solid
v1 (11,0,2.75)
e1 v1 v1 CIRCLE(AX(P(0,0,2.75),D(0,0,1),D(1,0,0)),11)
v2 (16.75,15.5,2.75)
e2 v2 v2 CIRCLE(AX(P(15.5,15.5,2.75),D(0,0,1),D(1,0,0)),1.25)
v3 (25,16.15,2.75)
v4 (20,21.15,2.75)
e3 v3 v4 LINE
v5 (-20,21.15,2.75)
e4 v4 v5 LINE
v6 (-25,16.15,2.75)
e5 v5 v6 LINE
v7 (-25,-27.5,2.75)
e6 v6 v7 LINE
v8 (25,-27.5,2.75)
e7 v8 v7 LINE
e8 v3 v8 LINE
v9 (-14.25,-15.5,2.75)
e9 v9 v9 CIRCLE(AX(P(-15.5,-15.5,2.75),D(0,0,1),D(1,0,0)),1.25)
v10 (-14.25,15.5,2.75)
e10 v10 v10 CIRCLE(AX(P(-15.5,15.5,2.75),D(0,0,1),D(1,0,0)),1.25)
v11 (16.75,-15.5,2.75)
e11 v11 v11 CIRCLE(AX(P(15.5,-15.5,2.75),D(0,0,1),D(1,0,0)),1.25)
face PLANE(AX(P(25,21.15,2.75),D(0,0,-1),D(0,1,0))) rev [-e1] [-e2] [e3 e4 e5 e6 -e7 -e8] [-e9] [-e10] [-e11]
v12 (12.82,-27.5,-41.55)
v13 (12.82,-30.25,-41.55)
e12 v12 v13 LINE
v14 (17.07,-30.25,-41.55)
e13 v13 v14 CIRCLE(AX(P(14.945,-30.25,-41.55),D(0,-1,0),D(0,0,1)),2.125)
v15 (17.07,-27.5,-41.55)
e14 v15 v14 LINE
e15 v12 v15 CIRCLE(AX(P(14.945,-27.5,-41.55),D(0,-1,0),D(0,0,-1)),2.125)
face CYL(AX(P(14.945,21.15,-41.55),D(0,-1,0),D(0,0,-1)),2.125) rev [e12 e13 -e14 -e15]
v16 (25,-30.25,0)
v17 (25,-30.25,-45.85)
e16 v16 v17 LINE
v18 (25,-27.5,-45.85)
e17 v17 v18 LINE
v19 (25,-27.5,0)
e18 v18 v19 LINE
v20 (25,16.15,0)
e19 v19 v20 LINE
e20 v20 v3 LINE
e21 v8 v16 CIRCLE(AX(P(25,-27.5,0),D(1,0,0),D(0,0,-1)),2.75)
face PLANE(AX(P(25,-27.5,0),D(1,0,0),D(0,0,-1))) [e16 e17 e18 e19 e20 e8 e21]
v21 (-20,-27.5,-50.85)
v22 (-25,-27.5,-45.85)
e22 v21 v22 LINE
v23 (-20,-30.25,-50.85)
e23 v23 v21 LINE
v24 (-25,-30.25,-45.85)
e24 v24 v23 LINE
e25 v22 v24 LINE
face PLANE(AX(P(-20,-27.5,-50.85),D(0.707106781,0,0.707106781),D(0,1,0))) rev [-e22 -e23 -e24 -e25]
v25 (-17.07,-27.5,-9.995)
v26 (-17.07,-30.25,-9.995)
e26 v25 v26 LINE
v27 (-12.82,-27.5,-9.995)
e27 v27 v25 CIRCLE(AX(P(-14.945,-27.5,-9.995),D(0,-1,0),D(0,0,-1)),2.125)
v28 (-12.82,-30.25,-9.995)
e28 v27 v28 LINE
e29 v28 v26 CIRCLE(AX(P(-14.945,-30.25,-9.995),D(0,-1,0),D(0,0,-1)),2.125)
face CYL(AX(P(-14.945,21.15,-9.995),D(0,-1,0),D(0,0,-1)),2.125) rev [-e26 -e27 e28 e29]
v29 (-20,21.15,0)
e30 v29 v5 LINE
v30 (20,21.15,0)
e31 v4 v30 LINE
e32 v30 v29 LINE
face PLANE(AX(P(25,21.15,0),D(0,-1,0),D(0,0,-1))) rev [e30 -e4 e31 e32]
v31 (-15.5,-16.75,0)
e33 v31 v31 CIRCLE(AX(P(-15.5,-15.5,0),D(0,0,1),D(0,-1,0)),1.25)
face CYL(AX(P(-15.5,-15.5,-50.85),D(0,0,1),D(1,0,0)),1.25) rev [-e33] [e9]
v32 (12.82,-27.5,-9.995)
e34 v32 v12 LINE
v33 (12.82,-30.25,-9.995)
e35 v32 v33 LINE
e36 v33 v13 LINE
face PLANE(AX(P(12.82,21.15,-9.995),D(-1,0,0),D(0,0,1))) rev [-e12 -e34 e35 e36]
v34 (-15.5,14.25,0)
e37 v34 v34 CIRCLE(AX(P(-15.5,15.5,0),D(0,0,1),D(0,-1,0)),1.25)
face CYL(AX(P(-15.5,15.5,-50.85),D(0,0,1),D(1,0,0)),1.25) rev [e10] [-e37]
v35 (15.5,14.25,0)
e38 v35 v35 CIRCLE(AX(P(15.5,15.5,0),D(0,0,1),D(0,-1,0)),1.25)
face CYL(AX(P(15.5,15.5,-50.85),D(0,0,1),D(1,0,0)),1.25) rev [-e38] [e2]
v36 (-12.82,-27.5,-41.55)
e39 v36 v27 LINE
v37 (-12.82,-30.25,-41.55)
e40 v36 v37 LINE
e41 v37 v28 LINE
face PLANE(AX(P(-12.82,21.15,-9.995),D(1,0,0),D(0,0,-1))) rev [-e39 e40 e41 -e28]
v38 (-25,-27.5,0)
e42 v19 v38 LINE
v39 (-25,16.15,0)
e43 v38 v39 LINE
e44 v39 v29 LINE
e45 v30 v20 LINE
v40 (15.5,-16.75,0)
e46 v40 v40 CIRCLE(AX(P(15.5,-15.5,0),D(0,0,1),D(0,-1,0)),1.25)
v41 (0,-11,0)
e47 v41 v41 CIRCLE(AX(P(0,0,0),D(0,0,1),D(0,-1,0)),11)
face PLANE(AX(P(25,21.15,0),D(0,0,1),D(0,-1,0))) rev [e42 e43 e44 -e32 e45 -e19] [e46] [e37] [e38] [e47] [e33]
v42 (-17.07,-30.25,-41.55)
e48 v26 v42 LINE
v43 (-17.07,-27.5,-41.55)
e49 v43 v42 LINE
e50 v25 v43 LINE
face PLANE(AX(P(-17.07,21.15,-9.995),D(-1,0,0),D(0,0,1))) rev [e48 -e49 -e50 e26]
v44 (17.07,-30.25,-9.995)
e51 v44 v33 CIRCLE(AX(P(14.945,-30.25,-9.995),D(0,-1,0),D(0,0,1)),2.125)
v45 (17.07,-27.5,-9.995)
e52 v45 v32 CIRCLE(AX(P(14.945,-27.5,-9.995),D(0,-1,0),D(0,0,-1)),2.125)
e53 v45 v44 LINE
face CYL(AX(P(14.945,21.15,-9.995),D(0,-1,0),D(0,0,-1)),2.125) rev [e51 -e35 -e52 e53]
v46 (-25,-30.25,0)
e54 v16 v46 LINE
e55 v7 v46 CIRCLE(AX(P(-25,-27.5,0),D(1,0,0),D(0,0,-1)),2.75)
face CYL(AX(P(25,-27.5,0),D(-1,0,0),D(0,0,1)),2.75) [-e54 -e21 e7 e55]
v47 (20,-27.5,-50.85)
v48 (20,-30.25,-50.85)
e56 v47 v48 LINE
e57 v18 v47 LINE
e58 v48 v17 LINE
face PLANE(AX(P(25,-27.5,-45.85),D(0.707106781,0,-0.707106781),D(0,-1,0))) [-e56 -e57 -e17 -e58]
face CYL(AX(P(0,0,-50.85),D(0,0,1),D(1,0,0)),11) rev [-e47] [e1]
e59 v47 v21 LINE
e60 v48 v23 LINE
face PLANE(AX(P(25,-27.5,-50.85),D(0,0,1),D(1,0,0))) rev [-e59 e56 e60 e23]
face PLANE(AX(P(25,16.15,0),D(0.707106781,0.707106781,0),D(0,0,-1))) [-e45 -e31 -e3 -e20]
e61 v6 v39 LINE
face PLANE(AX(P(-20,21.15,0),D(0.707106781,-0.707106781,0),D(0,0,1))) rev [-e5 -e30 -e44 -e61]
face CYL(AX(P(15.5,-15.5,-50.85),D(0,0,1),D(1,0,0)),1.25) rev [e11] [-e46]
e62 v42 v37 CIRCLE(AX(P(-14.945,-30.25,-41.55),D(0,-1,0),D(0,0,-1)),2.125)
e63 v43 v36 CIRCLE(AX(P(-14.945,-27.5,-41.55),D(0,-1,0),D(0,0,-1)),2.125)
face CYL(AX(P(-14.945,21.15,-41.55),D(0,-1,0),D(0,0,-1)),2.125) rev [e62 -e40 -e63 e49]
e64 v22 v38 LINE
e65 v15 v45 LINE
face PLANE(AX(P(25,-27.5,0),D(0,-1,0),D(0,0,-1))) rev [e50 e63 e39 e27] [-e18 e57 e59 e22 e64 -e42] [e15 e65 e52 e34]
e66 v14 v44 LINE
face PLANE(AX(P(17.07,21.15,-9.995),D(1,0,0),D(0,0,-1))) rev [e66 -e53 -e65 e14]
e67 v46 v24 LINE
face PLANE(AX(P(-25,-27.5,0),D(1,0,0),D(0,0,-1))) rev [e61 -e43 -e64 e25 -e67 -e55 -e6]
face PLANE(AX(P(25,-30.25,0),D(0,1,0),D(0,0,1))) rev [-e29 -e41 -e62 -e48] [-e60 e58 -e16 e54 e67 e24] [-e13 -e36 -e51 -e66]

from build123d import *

# Parameters (mm, degrees)
BOSS_EXTRUDE1_DEPTH = 25
SKETCH5_R           = 1.25
SKETCH5_R_2         = 11
CUT_EXTRUDE1_DEPTH  = 67.430584071
CUT_EXTRUDE2_DEPTH  = 77.502826745
CHAMFER1_SIZE       = 5


with BuildPart() as part:
    # Sketch4 → Boss-Extrude1 (new, symmetric)
    with BuildSketch(Plane(origin=(0, 0, 0), x_dir=(0, 0, -1), z_dir=(1, 0, 0))):
        with BuildLine():
            Line((0, 21.15), (0, -27.5))
            Line((0, -27.5), (50.85, -27.5))
            Line((50.85, -27.5), (50.85, -30.25))
            Line((50.85, -30.25), (0, -30.25))
            ThreePointArc((0, -30.25), (-1.944543648, -29.444543648), (-2.75, -27.5))
            Line((-2.75, -27.5), (-2.75, 21.15))
            Line((-2.75, 21.15), (0, 21.15))
        make_face()
    extrude(amount=BOSS_EXTRUDE1_DEPTH, both=True)

    # Sketch5 → Cut-Extrude1 (cut, through all)
    with BuildSketch(Plane.XY.offset(2.75)):
        with Locations((-15.5, -15.5)):
            Circle(SKETCH5_R)
        with Locations((-15.5, 15.5)):
            Circle(SKETCH5_R)
        with Locations((15.5, 15.5)):
            Circle(SKETCH5_R)
        with Locations((15.5, -15.5)):
            Circle(SKETCH5_R)
        Circle(SKETCH5_R_2)
    extrude(amount=-CUT_EXTRUDE1_DEPTH, mode=Mode.SUBTRACT)

    # Sketch6 → Cut-Extrude2 (cut, through all)
    with BuildSketch(Plane.XZ.offset(30.25)):
        with BuildLine():
            Line((-12.82, -9.995), (-12.82, -41.55))
            ThreePointArc((-12.82, -41.55), (-14.945, -43.675), (-17.07, -41.55))
            Line((-17.07, -41.55), (-17.07, -9.995))
            ThreePointArc((-17.07, -9.995), (-14.945, -7.87), (-12.82, -9.995))
        make_face()
        with BuildLine():
            Line((12.82, -9.995), (12.82, -41.55))
            ThreePointArc((12.82, -41.55), (14.945, -43.675), (17.07, -41.55))
            Line((17.07, -41.55), (17.07, -9.995))
            ThreePointArc((17.07, -9.995), (14.945, -7.87), (12.82, -9.995))
        make_face()
    extrude(amount=-CUT_EXTRUDE2_DEPTH, mode=Mode.SUBTRACT)

    # Chamfer1
    chamfer1_edges = [part.edges().sort_by_distance(p)[0] for p in [
        (25, -28.875, -50.85),
        (25, 21.15, 1.375),
        (-25, -28.875, -50.85),
        (-25, 21.15, 1.375),
    ]]
    chamfer(chamfer1_edges, length=CHAMFER1_SIZE)


solid = part.part
